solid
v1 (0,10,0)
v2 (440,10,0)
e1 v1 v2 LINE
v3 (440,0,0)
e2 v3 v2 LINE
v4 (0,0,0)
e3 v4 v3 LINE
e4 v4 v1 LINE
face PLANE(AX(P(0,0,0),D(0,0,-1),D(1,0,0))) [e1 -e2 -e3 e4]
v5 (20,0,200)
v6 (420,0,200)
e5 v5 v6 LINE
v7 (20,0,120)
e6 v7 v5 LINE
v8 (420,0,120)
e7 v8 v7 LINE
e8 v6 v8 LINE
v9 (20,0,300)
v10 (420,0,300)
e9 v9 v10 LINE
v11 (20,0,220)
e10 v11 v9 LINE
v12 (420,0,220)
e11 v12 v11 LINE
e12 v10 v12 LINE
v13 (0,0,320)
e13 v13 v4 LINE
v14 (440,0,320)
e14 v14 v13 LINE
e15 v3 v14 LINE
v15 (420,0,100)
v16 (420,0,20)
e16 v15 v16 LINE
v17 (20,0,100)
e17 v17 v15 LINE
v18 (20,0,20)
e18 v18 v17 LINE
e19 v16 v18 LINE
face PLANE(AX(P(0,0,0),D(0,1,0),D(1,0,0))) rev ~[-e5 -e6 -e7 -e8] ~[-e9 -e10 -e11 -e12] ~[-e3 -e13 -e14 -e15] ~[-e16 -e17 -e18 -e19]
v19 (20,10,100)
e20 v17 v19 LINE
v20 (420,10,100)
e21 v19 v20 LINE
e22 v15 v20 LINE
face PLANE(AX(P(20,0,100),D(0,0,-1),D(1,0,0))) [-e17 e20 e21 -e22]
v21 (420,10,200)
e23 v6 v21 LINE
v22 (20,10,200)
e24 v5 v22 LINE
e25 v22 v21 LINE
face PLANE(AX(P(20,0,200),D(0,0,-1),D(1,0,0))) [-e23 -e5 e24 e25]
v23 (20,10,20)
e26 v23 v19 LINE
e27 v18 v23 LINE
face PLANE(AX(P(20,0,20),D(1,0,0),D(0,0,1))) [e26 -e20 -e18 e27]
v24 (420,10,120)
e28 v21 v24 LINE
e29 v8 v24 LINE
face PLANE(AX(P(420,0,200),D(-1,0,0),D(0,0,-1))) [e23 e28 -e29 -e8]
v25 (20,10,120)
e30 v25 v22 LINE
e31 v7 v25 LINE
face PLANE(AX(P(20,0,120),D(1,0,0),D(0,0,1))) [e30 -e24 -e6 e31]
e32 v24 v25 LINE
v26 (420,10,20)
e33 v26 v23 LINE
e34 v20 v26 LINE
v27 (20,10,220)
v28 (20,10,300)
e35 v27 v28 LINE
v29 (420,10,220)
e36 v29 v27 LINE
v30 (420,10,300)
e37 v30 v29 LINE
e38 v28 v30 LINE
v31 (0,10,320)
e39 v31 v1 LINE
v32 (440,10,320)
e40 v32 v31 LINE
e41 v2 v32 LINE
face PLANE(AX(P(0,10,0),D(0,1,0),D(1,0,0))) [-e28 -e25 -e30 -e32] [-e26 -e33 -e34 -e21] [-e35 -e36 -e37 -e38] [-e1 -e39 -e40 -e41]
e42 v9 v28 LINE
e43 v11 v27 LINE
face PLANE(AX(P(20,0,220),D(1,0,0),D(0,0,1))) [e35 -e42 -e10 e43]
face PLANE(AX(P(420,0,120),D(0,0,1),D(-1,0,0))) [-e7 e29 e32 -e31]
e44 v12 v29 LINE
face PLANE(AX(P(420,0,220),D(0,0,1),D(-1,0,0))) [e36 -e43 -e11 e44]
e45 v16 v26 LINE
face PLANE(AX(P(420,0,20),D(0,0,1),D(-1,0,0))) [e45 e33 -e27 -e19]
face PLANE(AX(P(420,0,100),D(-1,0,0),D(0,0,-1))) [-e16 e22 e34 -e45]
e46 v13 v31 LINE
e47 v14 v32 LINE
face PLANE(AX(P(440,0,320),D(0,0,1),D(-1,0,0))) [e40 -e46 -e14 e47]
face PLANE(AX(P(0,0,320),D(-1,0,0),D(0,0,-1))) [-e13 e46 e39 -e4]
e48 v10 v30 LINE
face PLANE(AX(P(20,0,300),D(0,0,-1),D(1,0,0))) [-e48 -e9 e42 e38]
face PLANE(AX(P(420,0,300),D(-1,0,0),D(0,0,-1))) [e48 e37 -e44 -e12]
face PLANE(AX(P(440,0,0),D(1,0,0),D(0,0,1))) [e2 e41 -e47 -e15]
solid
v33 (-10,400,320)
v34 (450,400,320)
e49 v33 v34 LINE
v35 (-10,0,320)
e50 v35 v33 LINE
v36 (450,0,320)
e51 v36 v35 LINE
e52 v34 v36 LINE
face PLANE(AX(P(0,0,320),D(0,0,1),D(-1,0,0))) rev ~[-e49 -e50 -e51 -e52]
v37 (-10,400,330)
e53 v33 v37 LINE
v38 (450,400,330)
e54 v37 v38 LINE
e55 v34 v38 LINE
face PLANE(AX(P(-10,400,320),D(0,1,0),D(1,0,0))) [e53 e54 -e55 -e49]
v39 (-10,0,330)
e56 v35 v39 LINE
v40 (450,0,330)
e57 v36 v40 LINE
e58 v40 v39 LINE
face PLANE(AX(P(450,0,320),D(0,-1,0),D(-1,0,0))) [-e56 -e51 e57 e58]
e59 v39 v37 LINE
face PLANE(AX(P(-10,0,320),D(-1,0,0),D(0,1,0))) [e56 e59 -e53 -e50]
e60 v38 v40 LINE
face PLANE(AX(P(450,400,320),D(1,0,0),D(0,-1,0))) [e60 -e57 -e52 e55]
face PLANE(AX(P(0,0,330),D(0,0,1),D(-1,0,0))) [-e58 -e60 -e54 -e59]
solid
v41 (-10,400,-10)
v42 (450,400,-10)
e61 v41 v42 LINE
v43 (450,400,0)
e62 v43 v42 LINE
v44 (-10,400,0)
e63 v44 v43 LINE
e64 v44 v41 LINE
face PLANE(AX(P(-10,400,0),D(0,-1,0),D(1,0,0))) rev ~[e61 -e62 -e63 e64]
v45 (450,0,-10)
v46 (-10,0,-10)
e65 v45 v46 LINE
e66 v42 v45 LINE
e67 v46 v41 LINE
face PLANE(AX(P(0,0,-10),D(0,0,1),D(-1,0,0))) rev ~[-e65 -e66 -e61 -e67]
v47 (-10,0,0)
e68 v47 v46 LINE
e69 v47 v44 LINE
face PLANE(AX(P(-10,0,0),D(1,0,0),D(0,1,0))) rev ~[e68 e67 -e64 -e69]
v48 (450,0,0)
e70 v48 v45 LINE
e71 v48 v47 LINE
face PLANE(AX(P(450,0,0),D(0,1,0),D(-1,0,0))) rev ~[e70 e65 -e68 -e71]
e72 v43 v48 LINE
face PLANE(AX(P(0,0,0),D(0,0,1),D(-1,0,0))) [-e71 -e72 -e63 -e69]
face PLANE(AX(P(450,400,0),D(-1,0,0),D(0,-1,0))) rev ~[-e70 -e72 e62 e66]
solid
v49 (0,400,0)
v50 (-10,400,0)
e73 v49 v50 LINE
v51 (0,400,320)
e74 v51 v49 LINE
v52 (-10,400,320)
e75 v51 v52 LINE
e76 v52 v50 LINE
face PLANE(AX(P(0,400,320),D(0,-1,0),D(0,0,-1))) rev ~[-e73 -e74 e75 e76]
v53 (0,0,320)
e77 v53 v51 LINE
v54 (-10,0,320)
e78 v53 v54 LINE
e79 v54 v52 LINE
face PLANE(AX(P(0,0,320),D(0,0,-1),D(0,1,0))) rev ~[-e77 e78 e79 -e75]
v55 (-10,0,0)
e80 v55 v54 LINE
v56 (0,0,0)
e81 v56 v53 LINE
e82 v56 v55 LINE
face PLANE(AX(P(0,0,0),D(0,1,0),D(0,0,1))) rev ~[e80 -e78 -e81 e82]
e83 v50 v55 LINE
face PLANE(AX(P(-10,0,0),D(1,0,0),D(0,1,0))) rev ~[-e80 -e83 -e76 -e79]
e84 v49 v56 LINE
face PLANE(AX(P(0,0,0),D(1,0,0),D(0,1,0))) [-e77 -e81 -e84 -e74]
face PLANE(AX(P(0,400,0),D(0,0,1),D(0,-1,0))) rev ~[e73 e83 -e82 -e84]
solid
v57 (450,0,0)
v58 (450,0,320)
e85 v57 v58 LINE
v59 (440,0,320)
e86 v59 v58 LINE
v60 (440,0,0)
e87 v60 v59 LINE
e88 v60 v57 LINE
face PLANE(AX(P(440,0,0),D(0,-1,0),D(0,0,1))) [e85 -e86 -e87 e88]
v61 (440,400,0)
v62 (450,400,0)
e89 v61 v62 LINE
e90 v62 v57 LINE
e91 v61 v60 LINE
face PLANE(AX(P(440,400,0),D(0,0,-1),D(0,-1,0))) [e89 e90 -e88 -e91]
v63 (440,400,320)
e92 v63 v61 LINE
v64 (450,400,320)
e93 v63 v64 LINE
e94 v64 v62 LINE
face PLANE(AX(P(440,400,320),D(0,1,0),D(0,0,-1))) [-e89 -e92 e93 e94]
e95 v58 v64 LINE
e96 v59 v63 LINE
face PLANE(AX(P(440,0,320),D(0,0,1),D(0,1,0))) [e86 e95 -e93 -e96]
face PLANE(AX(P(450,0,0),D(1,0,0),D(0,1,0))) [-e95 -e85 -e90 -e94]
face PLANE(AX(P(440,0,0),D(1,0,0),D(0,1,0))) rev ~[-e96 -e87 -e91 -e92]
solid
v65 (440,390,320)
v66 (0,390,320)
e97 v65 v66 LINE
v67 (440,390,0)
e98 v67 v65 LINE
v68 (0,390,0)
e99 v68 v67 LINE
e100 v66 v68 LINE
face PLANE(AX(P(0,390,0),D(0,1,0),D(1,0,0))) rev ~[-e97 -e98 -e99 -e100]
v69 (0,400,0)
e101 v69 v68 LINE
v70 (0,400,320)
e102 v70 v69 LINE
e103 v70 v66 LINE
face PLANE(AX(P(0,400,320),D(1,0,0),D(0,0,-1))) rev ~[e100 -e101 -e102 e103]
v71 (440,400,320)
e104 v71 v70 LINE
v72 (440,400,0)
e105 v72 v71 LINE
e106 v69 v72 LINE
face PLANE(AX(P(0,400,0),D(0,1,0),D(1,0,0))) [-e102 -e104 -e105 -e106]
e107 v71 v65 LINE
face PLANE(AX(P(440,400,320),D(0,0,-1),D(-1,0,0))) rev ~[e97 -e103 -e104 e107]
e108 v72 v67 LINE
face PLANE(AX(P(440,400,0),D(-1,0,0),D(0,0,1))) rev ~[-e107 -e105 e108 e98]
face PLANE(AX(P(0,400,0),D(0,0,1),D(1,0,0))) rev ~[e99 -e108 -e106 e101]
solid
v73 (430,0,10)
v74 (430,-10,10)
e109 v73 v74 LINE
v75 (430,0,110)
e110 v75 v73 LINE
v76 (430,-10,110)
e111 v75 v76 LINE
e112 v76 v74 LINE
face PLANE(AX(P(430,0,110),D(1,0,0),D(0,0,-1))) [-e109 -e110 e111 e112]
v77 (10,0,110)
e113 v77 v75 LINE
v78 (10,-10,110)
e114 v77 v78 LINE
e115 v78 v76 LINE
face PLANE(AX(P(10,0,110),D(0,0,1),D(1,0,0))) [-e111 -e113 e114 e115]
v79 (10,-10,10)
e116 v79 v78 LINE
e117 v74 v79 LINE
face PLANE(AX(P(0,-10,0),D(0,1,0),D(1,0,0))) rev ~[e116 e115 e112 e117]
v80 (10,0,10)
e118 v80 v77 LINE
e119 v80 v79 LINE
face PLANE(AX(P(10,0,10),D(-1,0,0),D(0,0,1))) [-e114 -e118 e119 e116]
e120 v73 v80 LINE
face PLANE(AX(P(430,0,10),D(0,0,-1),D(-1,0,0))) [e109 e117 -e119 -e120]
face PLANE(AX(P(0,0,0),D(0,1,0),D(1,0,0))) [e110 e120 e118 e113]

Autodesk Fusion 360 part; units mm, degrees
sketch "Sketch1" plane through (0, 0, 0) normal (0, 1, 0) x (1, 0, 0)
  line L0 (0, 0) -> (440, 0)
  line L1 (440, 0) -> (440, -320)
  line L2 (440, -320) -> (0, -320)
  line L3 (0, -320) -> (0, 0)
  line L4 (20, -100) -> (420, -100)
  line L5 (420, -100) -> (420, -20)
  line L6 (420, -20) -> (20, -20)
  line L7 (20, -20) -> (20, -100)
  line L8 (220, 0) -> (220, -320) construction
  line L9 (430, -10) -> (10, -10)
  line L10 (10, -10) -> (10, -110)
  line L11 (10, -110) -> (430, -110)
  line L12 (430, -110) -> (430, -10)
  dimension "d6" = 440
  dimension "d7" = 320
  dimension "d8" = 80
  dimension "d9" = 400
  dimension "d10" = 20
  dimension "d33" = 10
extrude "Extrude1" add sketch "Sketch1" along normal blind 10 contours L0 L1 L2 L3 | L4 L5 L6 L7 | L9 L10 L11 L12 makes body 1
extrude "Extrude2" cut sketch "Sketch1" along normal up to surface (10 mm away) contours L4 L5 L6 L7 bodies 1
pattern_linear "R-Pattern1" count 3 spacing 100 along (0, 0, 1) of "Extrude2"
sketch "Sketch2" plane through (440, 0, 0) normal (1, 0, 0) x (0, 1, 0)
  line L0 (0, 0) -> (0, 320)
  line L1 (0, 320) -> (400, 320)
  line L2 (400, 320) -> (400, 0)
  line L3 (400, 0) -> (0, 0)
  line L4 (0, 0) -> (0, 320)
  dimension "d19" = 400
extrude "Extrude3" add sketch "Sketch2" along normal blind 10 separate body makes body 2
extrude "Extrude4" add sketch "Sketch2" against normal blind 10 from surface at -440 separate body makes body 3
extrude "Extrude5" add sketch "Sketch1" against normal blind 10 from surface at 400 separate body contours L0 L1 L2 L3 | L4 L5 L6 L7 | L9 L10 L11 L12 makes body 4
sketch "Sketch3" plane through (0, 0, 320) normal (0, 0, 1) x (-1, 0, 0)
  line L0 (10, -400) -> (-450, -400)
  line L1 (-450, -400) -> (-450, 0)
  line L2 (-450, 0) -> (10, 0)
  line L3 (10, 0) -> (10, -400)
extrude "Extrude6" add sketch "Sketch3" along normal blind 10 separate body makes body 5
extrude "Extrude7" add sketch "Sketch3" against normal blind 10 from surface at -320 separate body makes body 6
extrude "Extrude8" add sketch "Sketch1" against normal blind 10 separate body contours L4 L5 L6 L7 | L9 L10 L11 L12 makes body 7
equation "numdrawers = 3"
equation "thickness = 10 mm"
equation "space = thickness * 2"
equation "drheight = 80 mm"
equation "drlong = 400 mm"
equation "d6 = drlong + space * 2"
equation "d7 = numdrawers * ( drheight + space ) + space"
equation "d8 = drheight"
equation "d9 = drlong"
equation "d10 = space"
equation "d11 = thickness"
equation "d15 = numdrawers"
equation "d17 = space + drheight"
equation "d19 = drlong"
equation "d20 = thickness"
equation "d23 = -thickness"
equation "d26 = -thickness"
equation "d28 = thickness"
equation "d31 = -thickness"
equation "d33 = thickness"
equation "d34 = -thickness"
